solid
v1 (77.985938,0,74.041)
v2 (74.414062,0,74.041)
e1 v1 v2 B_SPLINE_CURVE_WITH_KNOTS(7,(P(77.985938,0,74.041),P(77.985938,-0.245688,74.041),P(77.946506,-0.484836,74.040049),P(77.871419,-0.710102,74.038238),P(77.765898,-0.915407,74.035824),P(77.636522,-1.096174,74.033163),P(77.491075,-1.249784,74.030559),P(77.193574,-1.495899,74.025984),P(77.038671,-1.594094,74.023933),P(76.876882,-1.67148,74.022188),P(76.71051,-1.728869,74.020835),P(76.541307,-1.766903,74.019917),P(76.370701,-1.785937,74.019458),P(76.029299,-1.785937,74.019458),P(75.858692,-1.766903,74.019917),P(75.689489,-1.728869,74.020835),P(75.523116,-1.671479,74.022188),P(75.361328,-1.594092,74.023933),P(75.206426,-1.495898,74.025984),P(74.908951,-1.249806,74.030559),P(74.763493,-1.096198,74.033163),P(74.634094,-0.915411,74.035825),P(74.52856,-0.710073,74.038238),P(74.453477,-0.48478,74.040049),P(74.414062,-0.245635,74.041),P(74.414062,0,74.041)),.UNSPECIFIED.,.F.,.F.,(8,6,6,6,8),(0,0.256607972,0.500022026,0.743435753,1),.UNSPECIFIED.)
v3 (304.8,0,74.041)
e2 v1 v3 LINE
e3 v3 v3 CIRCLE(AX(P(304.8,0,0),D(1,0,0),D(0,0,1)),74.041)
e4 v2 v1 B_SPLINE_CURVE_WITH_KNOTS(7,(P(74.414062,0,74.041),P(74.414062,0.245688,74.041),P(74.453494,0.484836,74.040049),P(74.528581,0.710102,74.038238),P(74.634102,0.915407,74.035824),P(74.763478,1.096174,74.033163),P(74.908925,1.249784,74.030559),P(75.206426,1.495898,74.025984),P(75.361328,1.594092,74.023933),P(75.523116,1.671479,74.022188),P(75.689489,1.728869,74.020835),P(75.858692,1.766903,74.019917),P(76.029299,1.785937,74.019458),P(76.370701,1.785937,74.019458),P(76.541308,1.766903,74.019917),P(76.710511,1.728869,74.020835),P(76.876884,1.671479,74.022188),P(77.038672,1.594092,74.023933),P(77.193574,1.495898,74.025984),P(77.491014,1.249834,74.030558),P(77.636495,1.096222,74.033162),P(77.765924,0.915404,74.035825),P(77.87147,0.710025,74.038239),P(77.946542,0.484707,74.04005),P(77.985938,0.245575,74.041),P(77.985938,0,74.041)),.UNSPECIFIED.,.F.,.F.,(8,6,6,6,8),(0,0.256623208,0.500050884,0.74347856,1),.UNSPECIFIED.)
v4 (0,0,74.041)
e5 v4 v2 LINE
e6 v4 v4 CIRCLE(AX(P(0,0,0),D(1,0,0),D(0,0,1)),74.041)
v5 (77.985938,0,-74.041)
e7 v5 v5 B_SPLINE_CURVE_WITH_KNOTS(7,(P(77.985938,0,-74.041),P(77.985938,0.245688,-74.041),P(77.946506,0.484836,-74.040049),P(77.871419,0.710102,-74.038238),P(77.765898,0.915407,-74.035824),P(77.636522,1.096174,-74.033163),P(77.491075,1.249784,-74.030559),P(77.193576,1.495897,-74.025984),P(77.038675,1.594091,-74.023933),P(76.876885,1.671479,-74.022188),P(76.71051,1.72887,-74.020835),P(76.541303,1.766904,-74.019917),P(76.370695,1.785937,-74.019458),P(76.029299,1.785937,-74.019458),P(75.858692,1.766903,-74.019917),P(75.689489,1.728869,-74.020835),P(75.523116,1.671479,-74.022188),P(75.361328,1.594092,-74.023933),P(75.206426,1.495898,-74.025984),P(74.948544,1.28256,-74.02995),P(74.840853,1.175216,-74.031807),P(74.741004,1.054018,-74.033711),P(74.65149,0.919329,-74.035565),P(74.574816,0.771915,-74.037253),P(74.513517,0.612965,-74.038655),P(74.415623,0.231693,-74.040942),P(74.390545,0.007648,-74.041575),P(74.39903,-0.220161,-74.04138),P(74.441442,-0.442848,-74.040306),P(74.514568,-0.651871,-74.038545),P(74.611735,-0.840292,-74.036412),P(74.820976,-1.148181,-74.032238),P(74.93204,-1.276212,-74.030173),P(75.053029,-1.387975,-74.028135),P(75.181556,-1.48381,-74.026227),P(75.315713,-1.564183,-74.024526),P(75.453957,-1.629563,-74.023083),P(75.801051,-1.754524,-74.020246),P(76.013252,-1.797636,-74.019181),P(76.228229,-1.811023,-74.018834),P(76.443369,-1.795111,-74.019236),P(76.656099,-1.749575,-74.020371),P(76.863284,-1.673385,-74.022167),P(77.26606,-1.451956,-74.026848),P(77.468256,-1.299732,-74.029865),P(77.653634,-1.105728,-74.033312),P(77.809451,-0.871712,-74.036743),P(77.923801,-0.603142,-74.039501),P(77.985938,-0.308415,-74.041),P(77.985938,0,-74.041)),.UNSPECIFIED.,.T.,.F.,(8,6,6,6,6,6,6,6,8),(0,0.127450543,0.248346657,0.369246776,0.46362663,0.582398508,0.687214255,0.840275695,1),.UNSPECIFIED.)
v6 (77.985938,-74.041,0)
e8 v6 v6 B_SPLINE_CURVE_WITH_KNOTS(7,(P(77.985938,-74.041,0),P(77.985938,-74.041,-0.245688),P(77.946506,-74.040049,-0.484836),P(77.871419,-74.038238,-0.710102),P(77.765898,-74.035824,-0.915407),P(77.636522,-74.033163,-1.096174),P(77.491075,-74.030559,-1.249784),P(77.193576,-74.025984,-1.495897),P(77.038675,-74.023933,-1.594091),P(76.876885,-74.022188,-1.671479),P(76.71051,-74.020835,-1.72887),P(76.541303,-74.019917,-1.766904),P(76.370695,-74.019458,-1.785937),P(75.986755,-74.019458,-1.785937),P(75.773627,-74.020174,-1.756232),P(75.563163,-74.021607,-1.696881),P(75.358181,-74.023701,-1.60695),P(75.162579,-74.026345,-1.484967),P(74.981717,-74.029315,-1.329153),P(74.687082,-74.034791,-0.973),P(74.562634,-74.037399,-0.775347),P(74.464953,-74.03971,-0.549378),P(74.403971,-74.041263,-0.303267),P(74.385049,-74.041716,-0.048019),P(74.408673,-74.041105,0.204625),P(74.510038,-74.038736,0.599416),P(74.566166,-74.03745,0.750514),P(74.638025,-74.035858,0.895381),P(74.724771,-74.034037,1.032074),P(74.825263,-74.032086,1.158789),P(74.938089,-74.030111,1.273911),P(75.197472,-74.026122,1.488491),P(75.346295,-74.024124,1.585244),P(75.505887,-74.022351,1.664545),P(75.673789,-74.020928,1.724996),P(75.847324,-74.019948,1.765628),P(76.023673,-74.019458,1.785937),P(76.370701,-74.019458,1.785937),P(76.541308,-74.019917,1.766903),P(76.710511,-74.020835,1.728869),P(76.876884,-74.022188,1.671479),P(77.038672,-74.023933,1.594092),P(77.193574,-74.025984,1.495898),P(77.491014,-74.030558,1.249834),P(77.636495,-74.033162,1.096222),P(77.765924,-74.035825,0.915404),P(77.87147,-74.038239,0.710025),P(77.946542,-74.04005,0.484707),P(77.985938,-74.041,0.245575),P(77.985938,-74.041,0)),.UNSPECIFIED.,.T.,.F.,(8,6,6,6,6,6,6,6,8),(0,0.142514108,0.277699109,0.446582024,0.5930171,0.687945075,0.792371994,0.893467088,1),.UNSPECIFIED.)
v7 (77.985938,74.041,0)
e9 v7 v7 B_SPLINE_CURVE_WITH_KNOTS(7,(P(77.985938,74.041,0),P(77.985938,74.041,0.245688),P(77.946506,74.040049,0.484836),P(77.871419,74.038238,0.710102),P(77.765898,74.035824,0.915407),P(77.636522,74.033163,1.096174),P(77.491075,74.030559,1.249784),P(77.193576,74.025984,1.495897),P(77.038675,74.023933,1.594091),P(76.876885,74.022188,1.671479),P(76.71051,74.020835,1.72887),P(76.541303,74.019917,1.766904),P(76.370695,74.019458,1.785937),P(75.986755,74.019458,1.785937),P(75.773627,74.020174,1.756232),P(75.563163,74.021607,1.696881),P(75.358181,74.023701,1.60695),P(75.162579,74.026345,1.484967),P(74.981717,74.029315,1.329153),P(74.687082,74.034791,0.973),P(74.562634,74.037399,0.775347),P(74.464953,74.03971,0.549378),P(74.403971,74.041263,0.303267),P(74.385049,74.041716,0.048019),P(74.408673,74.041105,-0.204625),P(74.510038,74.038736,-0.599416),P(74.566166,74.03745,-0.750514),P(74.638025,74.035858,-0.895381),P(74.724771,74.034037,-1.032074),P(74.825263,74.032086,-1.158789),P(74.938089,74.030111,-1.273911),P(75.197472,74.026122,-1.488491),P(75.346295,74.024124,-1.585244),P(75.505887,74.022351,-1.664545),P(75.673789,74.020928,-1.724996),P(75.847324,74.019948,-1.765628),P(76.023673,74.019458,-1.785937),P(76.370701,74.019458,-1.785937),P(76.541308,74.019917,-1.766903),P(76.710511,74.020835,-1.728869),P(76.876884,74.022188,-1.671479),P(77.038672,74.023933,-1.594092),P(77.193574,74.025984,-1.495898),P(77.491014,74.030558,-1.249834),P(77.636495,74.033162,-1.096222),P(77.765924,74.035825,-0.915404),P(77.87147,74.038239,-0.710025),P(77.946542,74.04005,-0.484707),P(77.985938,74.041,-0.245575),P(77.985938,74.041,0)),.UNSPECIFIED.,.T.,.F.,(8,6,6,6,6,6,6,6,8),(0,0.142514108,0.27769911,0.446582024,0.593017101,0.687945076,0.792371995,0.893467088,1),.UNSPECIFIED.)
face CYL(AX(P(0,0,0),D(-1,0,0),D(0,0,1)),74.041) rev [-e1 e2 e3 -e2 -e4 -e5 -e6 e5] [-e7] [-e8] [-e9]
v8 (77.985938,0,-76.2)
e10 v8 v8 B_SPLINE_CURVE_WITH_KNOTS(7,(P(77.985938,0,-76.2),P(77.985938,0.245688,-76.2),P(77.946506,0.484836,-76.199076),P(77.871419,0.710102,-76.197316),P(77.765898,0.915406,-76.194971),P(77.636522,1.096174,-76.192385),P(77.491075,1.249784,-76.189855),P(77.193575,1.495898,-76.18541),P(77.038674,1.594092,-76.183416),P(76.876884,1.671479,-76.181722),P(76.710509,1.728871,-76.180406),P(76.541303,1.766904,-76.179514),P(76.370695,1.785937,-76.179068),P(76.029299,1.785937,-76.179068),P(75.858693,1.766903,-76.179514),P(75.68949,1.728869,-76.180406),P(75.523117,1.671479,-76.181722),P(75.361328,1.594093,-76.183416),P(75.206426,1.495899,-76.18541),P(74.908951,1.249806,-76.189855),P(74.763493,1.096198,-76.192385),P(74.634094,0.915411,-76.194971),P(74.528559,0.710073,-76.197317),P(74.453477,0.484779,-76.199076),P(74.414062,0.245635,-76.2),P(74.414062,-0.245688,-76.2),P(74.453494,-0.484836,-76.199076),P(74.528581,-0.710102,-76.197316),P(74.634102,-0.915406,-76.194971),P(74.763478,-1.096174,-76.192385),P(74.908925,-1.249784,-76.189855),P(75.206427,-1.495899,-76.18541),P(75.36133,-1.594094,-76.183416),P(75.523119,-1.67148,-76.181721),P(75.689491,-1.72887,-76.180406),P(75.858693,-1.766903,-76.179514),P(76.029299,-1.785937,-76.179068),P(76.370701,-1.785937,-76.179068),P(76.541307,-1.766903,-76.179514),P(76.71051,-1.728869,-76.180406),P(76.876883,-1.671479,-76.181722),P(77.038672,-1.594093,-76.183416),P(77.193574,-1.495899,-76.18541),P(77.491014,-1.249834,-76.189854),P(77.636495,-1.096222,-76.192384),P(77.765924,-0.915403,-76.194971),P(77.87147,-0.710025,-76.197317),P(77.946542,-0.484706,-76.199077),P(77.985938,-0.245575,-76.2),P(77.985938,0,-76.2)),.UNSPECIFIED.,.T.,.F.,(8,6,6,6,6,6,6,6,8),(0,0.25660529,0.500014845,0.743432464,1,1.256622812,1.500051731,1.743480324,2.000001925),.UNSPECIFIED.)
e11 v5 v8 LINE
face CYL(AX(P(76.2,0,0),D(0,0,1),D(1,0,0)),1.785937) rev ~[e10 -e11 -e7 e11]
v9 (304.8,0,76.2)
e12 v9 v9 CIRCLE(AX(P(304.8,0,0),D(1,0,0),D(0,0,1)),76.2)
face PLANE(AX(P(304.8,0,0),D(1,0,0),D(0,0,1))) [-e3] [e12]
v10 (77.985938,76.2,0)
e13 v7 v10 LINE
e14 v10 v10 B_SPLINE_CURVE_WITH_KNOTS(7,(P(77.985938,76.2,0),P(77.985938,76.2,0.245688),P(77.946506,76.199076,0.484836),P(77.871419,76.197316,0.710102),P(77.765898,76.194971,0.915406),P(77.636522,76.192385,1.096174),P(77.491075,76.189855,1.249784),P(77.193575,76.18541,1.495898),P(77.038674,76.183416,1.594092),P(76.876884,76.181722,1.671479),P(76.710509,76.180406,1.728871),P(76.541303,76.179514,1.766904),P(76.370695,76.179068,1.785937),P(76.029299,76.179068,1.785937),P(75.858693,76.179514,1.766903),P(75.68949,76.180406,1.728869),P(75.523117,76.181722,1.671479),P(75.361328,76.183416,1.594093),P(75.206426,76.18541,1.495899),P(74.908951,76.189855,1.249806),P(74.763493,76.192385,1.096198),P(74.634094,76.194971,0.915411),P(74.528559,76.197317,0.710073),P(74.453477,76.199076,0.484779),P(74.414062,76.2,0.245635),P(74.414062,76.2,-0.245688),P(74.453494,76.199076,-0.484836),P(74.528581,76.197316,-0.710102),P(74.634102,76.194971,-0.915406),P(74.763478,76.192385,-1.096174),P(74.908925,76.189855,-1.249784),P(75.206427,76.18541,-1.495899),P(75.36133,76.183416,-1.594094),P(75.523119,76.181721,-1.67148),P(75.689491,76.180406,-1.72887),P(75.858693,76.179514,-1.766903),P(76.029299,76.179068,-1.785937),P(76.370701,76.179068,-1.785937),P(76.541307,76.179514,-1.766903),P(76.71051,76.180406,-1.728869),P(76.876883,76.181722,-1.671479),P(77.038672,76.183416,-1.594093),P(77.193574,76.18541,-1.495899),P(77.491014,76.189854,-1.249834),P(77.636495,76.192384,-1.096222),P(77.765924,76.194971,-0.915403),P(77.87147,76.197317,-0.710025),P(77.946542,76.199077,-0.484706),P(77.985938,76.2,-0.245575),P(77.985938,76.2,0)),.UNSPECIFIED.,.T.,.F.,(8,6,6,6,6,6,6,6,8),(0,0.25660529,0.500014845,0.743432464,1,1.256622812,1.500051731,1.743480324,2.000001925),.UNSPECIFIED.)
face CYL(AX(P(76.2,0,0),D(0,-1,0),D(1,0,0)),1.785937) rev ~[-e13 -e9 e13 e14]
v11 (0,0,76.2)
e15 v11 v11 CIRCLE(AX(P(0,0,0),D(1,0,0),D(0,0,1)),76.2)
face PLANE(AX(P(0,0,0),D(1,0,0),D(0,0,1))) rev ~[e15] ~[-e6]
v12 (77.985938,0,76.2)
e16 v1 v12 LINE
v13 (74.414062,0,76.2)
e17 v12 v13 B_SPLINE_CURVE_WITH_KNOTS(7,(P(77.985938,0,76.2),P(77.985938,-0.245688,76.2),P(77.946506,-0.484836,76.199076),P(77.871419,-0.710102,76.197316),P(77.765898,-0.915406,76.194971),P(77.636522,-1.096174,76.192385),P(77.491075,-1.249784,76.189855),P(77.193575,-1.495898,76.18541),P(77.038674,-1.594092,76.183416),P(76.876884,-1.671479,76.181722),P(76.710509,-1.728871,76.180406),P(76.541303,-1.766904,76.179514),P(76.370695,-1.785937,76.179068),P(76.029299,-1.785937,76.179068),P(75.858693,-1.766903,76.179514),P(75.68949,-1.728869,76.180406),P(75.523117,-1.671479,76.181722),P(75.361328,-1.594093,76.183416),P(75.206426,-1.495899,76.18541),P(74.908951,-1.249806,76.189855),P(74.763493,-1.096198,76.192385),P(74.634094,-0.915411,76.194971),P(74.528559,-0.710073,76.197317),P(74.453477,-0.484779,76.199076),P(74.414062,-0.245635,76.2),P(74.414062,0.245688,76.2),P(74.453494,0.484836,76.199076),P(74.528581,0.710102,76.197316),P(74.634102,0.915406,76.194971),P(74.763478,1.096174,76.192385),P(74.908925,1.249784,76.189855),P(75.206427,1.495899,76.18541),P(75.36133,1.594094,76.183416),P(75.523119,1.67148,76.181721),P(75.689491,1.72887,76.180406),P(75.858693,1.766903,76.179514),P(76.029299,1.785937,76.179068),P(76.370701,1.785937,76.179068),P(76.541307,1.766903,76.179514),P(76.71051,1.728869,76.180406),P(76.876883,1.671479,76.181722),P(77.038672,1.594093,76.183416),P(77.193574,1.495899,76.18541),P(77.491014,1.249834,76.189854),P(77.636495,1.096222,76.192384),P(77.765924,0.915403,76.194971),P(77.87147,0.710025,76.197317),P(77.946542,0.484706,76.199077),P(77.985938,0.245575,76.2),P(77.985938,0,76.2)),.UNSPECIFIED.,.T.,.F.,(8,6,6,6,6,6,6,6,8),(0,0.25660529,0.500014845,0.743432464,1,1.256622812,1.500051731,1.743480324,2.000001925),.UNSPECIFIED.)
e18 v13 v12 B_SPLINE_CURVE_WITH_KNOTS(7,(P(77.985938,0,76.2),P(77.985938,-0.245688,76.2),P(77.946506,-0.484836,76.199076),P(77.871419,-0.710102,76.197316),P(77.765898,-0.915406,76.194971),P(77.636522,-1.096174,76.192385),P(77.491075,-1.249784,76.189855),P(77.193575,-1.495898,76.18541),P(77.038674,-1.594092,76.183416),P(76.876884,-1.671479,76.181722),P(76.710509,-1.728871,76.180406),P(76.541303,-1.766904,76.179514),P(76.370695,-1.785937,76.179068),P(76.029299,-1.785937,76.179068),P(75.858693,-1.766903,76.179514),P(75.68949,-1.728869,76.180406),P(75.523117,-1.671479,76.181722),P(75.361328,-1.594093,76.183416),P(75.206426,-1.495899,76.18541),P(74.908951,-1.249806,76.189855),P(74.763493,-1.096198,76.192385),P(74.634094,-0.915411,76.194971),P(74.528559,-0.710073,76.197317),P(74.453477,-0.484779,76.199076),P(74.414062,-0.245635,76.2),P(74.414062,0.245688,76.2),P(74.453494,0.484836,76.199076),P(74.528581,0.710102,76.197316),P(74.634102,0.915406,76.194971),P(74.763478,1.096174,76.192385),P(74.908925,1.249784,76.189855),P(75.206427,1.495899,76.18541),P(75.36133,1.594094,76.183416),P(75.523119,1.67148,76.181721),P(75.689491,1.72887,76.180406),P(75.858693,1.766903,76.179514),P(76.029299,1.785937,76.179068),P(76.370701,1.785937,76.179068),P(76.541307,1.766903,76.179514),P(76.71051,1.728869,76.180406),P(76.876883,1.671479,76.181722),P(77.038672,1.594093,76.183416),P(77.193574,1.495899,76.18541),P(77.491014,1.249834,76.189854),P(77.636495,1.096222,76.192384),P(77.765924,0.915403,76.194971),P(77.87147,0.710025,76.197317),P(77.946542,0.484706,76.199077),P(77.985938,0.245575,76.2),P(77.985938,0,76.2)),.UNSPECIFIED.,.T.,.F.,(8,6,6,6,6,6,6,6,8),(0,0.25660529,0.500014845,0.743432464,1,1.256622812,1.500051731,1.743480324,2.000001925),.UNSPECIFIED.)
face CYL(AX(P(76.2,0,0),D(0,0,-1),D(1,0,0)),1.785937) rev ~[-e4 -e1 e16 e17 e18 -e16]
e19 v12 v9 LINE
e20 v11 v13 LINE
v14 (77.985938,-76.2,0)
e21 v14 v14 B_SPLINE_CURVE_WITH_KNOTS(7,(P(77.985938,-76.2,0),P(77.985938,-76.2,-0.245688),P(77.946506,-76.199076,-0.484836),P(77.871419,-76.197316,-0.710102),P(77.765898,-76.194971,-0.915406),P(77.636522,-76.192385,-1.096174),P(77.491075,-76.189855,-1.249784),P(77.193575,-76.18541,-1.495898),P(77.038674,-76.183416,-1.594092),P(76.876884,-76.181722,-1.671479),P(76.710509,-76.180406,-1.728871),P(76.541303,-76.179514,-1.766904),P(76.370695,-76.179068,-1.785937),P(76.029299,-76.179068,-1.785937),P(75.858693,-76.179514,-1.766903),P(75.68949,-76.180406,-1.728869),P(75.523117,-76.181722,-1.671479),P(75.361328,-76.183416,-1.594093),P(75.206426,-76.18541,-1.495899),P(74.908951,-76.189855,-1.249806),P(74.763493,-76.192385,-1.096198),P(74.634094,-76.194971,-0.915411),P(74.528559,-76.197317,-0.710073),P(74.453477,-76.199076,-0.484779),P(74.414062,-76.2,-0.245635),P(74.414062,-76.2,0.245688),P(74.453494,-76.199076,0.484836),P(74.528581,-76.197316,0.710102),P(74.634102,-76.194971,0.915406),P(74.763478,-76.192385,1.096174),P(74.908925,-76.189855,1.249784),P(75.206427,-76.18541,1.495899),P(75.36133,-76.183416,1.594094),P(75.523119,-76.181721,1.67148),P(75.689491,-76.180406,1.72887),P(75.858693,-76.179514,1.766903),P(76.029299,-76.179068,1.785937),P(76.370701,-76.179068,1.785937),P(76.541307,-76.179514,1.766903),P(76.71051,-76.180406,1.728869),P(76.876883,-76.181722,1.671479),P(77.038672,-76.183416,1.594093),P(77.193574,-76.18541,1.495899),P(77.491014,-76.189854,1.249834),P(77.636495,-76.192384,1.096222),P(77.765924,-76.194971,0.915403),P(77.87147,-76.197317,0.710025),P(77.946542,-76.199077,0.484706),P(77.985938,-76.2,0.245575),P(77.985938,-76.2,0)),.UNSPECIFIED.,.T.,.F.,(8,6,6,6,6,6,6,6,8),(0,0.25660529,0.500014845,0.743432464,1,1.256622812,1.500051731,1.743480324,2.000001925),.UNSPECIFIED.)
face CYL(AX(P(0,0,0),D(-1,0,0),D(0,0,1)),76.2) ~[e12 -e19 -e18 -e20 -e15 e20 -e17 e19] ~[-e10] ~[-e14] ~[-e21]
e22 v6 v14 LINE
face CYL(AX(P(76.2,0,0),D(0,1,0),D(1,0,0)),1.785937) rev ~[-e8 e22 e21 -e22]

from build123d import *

# Parameters (mm, degrees)
SKETCH1_R               = 76.2
SKETCH1_R_2             = 74.041
BOSS_EXTRUDE1_DEPTH     = 304.8
CUT_EXTRUDE1_REACH      = 325.289
CUT_EXTRUDE1_END_RADIUS = 76.2
SKETCH2_R               = 1.7859375
CIRPATTERN1_COUNT       = 4


with BuildPart() as part:
    # Sketch1 → Boss-Extrude1 (new body)
    with BuildSketch(Plane(origin=(0, 0, 0), x_dir=(0, 0, -1), z_dir=(1, 0, 0))):
        with Locations(Location((0, 0, 0), (0, 0, 180))):
            Circle(SKETCH1_R)
        with Locations(Location((0, 0, 0), (0, 0, 180))):
            Circle(SKETCH1_R_2, mode=Mode.SUBTRACT)
    extrude(amount=BOSS_EXTRUDE1_DEPTH)

    # Cut-Extrude1: up to this cylinder (the profile starts inside it)
    cut_extrude1_end = Plane(origin=(76.2, 0, 0), z_dir=(-1, 0, 0)) * Cylinder(CUT_EXTRUDE1_END_RADIUS, 803.978, mode=Mode.PRIVATE)
    # Sketch2 → Cut-Extrude1 (cut, up to the surface)
    with BuildSketch(Plane.XY, mode=Mode.PRIVATE) as cut_extrude1_sk1:
        with Locations((76.2, 0)):
            Circle(SKETCH2_R)
    cut_extrude1_tool1 = extrude(cut_extrude1_sk1.sketch, amount=-CUT_EXTRUDE1_REACH, mode=Mode.PRIVATE) & cut_extrude1_end
    cut_extrude1 = cut_extrude1_tool1.solids().sort_by_distance((76.2, 0, 0))[0]
    add(cut_extrude1, mode=Mode.SUBTRACT)

    # CirPattern1: Cut-Extrude1 ×4 about axis
    cirpattern1_axis = Axis((0, 0, 0), (1, 0, 0))
    for i in range(1, CIRPATTERN1_COUNT):
        add(cut_extrude1.rotate(cirpattern1_axis, i * 360 / CIRPATTERN1_COUNT), mode=Mode.SUBTRACT)


solid = part.part
